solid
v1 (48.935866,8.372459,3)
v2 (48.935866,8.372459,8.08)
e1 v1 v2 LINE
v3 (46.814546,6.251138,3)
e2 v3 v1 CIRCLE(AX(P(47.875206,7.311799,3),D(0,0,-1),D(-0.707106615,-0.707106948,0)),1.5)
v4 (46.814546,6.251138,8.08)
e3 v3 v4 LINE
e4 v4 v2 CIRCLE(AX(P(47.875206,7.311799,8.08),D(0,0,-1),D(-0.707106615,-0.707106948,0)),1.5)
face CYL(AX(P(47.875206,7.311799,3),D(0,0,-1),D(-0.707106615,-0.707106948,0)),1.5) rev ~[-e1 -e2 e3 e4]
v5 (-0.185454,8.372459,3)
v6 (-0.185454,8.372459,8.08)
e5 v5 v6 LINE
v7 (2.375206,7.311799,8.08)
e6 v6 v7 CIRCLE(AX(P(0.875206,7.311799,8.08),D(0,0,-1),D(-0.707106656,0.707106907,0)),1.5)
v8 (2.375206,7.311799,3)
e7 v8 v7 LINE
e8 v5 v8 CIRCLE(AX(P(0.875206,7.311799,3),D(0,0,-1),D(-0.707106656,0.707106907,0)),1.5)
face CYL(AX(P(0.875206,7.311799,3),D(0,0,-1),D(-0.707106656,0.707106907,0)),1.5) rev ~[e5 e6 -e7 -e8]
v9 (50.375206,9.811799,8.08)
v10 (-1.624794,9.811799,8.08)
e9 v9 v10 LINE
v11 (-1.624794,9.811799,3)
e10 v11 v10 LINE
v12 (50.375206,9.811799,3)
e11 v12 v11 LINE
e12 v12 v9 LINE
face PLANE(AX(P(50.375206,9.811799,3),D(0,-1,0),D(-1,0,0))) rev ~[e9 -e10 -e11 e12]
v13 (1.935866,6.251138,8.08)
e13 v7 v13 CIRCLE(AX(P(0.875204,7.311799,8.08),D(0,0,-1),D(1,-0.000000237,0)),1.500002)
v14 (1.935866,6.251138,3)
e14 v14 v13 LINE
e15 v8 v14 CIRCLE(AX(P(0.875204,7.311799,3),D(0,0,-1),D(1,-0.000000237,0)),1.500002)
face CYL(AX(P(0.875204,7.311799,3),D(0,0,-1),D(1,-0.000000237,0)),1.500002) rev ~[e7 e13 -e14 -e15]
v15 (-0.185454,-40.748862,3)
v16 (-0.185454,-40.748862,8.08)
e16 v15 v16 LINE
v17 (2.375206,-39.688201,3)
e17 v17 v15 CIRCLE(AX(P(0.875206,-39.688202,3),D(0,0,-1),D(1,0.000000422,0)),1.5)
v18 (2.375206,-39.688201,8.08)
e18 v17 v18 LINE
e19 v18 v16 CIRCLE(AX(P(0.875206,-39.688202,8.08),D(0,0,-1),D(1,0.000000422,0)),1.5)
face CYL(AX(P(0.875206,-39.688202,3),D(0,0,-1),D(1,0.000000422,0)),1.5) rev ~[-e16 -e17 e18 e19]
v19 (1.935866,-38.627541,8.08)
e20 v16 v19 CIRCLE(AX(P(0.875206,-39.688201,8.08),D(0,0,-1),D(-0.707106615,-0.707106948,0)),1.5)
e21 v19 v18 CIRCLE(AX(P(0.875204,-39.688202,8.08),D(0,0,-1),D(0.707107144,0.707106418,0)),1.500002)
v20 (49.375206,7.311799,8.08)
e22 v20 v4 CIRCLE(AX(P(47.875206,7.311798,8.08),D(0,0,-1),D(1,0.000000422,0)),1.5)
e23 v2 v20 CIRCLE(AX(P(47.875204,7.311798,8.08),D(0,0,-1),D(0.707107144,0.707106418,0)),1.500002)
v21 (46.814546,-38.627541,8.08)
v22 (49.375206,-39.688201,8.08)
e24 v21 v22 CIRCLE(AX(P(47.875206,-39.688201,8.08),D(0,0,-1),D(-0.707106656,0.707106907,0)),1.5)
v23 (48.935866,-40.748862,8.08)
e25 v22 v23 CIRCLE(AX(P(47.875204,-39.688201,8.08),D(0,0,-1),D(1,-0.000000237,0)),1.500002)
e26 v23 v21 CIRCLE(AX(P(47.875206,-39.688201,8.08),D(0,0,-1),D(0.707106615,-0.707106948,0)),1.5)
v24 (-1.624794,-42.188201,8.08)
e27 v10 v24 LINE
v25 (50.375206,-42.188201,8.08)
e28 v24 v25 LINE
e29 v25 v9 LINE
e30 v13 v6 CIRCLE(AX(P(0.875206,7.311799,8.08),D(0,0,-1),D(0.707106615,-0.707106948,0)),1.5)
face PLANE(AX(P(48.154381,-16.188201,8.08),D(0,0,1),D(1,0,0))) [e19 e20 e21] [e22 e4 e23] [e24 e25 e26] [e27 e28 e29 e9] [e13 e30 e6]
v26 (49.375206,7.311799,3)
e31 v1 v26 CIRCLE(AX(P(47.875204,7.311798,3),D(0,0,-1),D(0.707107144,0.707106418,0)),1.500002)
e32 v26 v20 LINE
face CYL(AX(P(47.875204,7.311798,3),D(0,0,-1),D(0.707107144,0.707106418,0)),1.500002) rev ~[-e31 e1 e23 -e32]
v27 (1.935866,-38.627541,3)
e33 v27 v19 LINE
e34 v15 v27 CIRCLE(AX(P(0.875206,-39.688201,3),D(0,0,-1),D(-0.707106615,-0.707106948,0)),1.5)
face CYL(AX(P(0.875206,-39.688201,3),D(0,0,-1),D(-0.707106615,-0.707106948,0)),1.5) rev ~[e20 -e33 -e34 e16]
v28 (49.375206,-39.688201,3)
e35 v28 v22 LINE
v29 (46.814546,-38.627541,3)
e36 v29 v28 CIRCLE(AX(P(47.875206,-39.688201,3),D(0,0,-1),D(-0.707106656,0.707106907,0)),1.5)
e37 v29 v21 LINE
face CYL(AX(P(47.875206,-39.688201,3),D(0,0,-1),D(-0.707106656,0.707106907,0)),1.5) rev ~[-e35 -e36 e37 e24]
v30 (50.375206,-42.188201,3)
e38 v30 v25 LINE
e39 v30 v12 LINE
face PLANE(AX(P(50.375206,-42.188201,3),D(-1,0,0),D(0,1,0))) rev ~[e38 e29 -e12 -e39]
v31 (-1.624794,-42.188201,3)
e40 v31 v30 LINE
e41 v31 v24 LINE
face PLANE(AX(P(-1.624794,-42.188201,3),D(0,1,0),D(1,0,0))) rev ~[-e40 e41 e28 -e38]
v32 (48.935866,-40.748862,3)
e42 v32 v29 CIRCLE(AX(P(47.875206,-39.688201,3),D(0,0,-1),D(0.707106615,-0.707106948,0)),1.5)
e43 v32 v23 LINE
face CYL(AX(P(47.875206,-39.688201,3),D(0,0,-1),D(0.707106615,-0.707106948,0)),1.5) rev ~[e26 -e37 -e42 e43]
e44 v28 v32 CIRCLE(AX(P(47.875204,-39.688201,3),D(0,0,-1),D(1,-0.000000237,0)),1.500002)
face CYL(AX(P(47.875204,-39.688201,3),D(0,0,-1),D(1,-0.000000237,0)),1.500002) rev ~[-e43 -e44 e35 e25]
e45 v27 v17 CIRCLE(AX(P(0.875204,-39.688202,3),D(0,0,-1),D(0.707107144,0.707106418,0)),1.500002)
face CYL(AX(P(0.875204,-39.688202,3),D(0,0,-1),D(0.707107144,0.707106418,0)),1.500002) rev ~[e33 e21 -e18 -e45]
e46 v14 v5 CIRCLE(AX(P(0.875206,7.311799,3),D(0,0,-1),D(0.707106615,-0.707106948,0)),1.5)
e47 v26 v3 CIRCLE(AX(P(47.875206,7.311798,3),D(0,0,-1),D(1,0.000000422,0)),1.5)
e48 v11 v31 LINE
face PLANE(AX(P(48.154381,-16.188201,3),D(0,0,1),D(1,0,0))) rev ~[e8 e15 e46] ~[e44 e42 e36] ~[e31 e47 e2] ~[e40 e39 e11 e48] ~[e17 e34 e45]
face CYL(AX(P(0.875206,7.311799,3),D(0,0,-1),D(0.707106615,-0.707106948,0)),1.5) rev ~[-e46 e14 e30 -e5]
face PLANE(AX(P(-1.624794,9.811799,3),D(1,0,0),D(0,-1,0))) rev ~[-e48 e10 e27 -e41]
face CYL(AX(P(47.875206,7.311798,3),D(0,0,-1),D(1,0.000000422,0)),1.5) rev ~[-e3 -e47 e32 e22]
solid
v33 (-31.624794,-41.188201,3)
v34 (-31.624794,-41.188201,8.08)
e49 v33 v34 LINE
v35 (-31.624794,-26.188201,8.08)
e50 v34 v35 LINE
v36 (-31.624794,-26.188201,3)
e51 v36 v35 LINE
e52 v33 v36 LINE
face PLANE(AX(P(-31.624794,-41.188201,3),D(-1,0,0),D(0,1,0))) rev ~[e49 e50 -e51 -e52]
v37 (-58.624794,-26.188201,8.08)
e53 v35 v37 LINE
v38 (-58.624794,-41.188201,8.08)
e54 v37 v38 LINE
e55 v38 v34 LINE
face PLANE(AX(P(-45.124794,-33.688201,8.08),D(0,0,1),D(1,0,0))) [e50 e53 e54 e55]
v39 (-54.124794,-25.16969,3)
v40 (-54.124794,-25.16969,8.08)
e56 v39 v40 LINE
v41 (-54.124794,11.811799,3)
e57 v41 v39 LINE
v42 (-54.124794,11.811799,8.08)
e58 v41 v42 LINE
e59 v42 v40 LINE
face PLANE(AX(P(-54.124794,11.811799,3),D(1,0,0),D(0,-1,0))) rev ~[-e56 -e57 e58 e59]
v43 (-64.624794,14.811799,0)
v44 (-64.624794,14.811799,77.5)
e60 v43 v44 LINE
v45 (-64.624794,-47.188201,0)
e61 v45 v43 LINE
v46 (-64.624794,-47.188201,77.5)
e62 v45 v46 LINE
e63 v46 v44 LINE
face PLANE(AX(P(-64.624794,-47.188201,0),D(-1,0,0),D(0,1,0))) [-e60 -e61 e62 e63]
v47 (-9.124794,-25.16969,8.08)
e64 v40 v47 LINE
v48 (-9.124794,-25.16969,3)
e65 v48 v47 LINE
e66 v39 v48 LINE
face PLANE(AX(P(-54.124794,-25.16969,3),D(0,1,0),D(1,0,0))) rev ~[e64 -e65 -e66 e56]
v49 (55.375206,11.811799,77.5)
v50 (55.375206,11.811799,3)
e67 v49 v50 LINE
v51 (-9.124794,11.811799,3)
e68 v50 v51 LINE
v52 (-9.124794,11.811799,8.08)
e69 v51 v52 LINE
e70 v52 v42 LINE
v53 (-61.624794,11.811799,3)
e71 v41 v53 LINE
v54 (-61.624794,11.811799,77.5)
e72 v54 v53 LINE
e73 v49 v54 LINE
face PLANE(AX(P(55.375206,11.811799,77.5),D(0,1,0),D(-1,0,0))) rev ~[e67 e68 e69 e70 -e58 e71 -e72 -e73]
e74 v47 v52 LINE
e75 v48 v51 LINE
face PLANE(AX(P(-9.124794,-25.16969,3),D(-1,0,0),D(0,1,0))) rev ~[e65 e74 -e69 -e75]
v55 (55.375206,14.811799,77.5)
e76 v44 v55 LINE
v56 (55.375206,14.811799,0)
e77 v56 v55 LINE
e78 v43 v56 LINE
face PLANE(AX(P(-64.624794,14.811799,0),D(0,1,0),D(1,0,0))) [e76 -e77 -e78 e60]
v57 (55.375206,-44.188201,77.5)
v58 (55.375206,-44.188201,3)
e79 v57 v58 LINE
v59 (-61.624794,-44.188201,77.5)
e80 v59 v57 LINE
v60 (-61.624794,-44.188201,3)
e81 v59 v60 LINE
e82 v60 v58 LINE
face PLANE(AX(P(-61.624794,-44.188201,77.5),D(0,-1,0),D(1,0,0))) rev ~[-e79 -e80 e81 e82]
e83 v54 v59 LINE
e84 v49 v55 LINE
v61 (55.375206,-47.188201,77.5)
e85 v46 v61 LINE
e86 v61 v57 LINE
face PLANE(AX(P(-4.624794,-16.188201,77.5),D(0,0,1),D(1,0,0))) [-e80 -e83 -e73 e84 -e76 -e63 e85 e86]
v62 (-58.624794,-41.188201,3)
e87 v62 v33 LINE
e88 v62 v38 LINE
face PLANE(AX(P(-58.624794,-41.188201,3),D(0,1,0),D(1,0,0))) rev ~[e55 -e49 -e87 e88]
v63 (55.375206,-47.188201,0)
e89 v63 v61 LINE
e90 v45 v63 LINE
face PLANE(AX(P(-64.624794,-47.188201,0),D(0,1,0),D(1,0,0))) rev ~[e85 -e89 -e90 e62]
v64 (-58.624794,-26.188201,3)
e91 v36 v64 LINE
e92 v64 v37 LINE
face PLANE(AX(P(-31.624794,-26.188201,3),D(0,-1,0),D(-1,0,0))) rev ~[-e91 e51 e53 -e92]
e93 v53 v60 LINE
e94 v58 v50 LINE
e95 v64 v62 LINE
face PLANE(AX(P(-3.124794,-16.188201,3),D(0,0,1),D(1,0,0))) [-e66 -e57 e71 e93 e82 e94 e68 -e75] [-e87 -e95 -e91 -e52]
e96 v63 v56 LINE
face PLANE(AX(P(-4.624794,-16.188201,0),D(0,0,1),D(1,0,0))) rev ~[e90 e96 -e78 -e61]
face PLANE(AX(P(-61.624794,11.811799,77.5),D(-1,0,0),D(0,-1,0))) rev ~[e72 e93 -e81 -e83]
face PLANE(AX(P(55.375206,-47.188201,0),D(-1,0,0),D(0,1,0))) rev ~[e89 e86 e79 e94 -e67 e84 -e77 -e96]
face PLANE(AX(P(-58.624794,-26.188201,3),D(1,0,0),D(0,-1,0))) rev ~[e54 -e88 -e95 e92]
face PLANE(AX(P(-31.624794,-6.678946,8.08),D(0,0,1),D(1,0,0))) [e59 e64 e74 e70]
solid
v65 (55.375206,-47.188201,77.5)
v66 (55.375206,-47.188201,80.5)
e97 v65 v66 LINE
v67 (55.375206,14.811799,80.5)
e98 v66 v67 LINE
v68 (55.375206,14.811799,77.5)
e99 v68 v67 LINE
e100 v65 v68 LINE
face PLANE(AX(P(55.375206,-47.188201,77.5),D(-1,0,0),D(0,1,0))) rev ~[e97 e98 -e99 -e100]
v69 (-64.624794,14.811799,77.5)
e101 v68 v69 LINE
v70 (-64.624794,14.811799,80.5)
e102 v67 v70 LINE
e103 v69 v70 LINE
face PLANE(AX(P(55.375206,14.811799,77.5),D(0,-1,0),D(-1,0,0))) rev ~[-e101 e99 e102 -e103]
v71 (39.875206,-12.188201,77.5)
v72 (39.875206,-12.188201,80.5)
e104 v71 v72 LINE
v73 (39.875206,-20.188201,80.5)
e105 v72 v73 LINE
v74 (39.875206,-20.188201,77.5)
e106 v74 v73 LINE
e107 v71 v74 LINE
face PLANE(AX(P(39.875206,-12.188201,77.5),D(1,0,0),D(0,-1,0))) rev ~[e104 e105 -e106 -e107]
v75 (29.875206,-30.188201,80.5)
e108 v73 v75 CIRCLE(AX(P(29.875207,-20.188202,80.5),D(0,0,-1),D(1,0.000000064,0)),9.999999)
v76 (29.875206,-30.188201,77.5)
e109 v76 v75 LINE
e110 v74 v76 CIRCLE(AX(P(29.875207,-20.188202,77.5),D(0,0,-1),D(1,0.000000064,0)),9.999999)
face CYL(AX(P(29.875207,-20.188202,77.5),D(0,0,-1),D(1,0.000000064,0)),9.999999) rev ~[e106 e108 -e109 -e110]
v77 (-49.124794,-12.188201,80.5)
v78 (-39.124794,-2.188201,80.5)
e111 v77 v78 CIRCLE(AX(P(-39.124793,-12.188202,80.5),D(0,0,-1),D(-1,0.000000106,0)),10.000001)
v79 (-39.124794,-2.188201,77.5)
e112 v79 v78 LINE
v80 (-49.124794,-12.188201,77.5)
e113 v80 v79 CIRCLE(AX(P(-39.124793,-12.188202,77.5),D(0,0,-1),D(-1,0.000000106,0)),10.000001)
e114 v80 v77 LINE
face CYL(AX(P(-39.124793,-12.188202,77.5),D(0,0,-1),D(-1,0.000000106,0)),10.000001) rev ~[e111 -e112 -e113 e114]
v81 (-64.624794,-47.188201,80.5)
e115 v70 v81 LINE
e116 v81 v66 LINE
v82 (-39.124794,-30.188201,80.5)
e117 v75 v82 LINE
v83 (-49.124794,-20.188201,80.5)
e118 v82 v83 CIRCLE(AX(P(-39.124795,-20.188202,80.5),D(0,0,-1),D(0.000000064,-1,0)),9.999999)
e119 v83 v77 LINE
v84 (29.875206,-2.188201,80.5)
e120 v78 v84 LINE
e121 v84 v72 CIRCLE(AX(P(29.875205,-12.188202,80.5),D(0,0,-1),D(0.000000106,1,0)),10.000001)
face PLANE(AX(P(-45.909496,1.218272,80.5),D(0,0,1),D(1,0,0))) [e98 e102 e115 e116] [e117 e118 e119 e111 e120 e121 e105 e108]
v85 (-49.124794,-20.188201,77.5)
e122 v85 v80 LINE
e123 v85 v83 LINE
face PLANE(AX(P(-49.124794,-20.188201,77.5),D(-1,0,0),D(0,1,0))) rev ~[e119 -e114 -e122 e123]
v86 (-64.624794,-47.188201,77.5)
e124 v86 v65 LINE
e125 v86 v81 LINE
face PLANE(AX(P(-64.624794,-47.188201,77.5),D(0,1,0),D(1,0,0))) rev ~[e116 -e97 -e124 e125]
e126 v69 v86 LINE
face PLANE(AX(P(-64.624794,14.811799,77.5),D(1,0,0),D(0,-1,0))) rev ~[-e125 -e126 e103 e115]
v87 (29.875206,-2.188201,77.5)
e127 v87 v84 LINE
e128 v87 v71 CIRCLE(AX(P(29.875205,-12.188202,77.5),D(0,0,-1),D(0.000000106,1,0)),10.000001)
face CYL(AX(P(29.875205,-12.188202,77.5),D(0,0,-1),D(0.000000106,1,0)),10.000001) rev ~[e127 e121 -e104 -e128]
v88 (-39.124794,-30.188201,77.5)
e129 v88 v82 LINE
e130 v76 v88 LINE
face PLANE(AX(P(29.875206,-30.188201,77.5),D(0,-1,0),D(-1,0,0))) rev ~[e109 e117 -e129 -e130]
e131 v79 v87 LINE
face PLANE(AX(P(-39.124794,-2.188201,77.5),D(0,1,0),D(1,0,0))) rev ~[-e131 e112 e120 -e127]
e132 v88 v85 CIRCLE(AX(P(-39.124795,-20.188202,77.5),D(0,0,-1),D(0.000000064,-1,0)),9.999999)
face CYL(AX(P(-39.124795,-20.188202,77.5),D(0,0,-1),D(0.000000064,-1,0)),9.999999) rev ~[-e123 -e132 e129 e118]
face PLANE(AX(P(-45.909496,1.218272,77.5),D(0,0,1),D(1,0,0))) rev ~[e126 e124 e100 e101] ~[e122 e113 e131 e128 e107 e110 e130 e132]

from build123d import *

# Parameters (mm, degrees)
F0_W      = 120
F0_H      = 62
F1_DEPTH  = 77.5
F3_DEPTH  = 74.5
F5_DEPTH  = 3
F7_DEPTH  = 5.08
F9_DEPTH  = 5.08
F11_DEPTH = 5.08


with BuildPart() as f1:
    # F0 (on Top) → F1 (new body)
    with BuildSketch(Plane.XY):
        with Locations((-4.624794, -16.188201)):
            Rectangle(F0_W, F0_H)
    extrude(amount=F1_DEPTH)

    # F2 (on face) → F3 (cut)
    with BuildSketch(Plane.XY.offset(77.5)):
        Polygon((55.375206, -44.188201), (55.375206, 11.811799), (24.783194, 11.811799), (-61.624794, 11.811799), (-61.624794, -16.188201), (-61.624794, -44.188201), (24.551408, -44.188201), align=None)
    extrude(amount=-F3_DEPTH, mode=Mode.SUBTRACT)

    # F8 (on face) → F9 (join)
    with BuildSketch(Plane.XY.offset(3)):
        Polygon((-31.624794, -41.188201), (-31.624794, -26.188201), (-58.624794, -26.188201), (-58.624794, -33.688201), (-58.624794, -41.188201), (-45.124794, -41.188201), align=None)
    extrude(amount=F9_DEPTH)

    # F10 (on face) → F11 (join)
    with BuildSketch(Plane.XY.offset(3)):
        Polygon((-9.124794, -25.16969), (-9.124794, 11.811799), (-54.124794, 11.811799), (-54.124794, -6.66969), (-54.124794, -25.16969), align=None)
    extrude(amount=F11_DEPTH)


with BuildPart() as f5:
    # F4 (on face) → F5 (new body)
    with BuildSketch(Plane.XY.offset(77.5)):
        with BuildLine():
            Line((-21.697029, 14.811799), (-64.624794, 14.811799))
            Line((-64.624794, 14.811799), (-64.624794, -18.261954))
            Line((-64.624794, -18.261954), (-49.124794, -18.261954))
            Line((-49.124794, -18.261954), (-49.124794, -12.188201))
            ThreePointArc((-49.124794, -12.188201), (-46.195862, -5.117134), (-39.124794, -2.188201))
            Line((-39.124794, -2.188201), (-21.697029, -2.188201))
            Line((-21.697029, -2.188201), (-21.697029, 14.811799))
        make_face()
        with BuildLine():
            Line((55.375206, 14.811799), (-21.697029, 14.811799))
            Line((-21.697029, 14.811799), (-21.697029, -2.188201))
            Line((-21.697029, -2.188201), (29.875206, -2.188201))
            ThreePointArc((29.875206, -2.188201), (36.946274, -5.117134), (39.875206, -12.188201))
            Line((39.875206, -12.188201), (39.875206, -18.825031))
            Line((39.875206, -18.825031), (55.375206, -18.825031))
            Line((55.375206, -18.825031), (55.375206, 14.811799))
        make_face()
        with BuildLine():
            Line((55.375206, -47.188201), (55.375206, -18.825031))
            Line((55.375206, -18.825031), (39.875206, -18.825031))
            Line((39.875206, -18.825031), (39.875206, -20.188201))
            ThreePointArc((39.875206, -20.188201), (36.946274, -27.259269), (29.875206, -30.188201))
            Line((29.875206, -30.188201), (-20.468894, -30.188201))
            Line((-20.468894, -30.188201), (-20.468894, -47.188201))
            Line((-20.468894, -47.188201), (55.375206, -47.188201))
        make_face()
        with BuildLine():
            Line((-49.124794, -18.261954), (-64.624794, -18.261954))
            Line((-64.624794, -18.261954), (-64.624794, -47.188201))
            Line((-64.624794, -47.188201), (-20.468894, -47.188201))
            Line((-20.468894, -47.188201), (-20.468894, -30.188201))
            Line((-20.468894, -30.188201), (-39.124794, -30.188201))
            ThreePointArc((-39.124794, -30.188201), (-46.195862, -27.259269), (-49.124794, -20.188201))
            Line((-49.124794, -20.188201), (-49.124794, -18.261954))
        make_face()
    extrude(amount=F5_DEPTH)


with BuildPart() as f7:
    # F6 (on face) → F7 (new body)
    with BuildSketch(Plane.XY.offset(3)):
        with BuildLine():
            Line((50.375206, -13.575806), (50.375206, 9.811799))
            Line((50.375206, 9.811799), (48.935866, 8.372459))
            ThreePointArc((48.935866, 8.372459), (49.261025, 7.885824), (49.375206, 7.311799))
            ThreePointArc((49.375206, 7.311799), (48.449231, 5.925979), (46.814546, 6.251138))
            Line((46.814546, 6.251138), (45.375206, 4.811799))
            Line((45.375206, 4.811799), (45.375206, -37.188201))
            Line((45.375206, -37.188201), (46.814546, -38.627541))
            ThreePointArc((46.814546, -38.627541), (48.449231, -38.302382), (49.375206, -39.688201))
            ThreePointArc((49.375206, -39.688201), (49.261025, -40.262227), (48.935866, -40.748862))
            Line((48.935866, -40.748862), (50.375206, -42.188201))
            Line((50.375206, -42.188201), (50.375206, -13.575806))
        make_face()
        with BuildLine():
            Line((48.935866, 8.372459), (50.375206, 9.811799))
            Line((50.375206, 9.811799), (24.375206, 9.811799))
            Line((24.375206, 9.811799), (-1.624794, 9.811799))
            Line((-1.624794, 9.811799), (-0.185454, 8.372459))
            ThreePointArc((-0.185454, 8.372459), (1.449231, 8.697618), (2.375206, 7.311799))
            ThreePointArc((2.375206, 7.311799), (2.261025, 6.737773), (1.935866, 6.251138))
            Line((1.935866, 6.251138), (3.375206, 4.811799))
            Line((3.375206, 4.811799), (45.375206, 4.811799))
            Line((45.375206, 4.811799), (46.814546, 6.251138))
            ThreePointArc((46.814546, 6.251138), (46.814546, 8.372459), (48.935866, 8.372459))
        make_face()
        with BuildLine():
            Line((-0.185454, 8.372459), (-1.624794, 9.811799))
            Line((-1.624794, 9.811799), (-1.624794, -13.117866))
            Line((-1.624794, -13.117866), (3.375206, -13.117866))
            Line((3.375206, -13.117866), (3.375206, 4.811799))
            Line((3.375206, 4.811799), (1.935866, 6.251138))
            ThreePointArc((1.935866, 6.251138), (-0.185454, 6.251138), (-0.185454, 8.372459))
        make_face()
        with BuildLine():
            Line((3.375206, -13.117866), (-1.624794, -13.117866))
            Line((-1.624794, -13.117866), (-1.624794, -42.188201))
            Line((-1.624794, -42.188201), (-0.185454, -40.748862))
            ThreePointArc((-0.185454, -40.748862), (-0.185454, -38.627541), (1.935866, -38.627541))
            Line((1.935866, -38.627541), (3.375206, -37.188201))
            Line((3.375206, -37.188201), (3.375206, -13.117866))
        make_face()
        Polygon((45.375206, -37.188201), (45.375206, 4.811799), (3.375206, 4.811799), (3.375206, -13.117866), (3.375206, -37.188201), align=None)
        with BuildLine():
            Line((24.375206, -42.188201), (50.375206, -42.188201))
            Line((50.375206, -42.188201), (48.935866, -40.748862))
            ThreePointArc((48.935866, -40.748862), (46.814546, -40.748862), (46.814546, -38.627541))
            Line((46.814546, -38.627541), (45.375206, -37.188201))
            Line((45.375206, -37.188201), (3.375206, -37.188201))
            Line((3.375206, -37.188201), (1.935866, -38.627541))
            ThreePointArc((1.935866, -38.627541), (2.261025, -39.114176), (2.375206, -39.688201))
            ThreePointArc((2.375206, -39.688201), (1.449231, -41.074021), (-0.185454, -40.748862))
            Line((-0.185454, -40.748862), (-1.624794, -42.188201))
            Line((-1.624794, -42.188201), (24.375206, -42.188201))
        make_face()
    extrude(amount=F7_DEPTH)


solid = Compound([f1.part, f5.part, f7.part])
